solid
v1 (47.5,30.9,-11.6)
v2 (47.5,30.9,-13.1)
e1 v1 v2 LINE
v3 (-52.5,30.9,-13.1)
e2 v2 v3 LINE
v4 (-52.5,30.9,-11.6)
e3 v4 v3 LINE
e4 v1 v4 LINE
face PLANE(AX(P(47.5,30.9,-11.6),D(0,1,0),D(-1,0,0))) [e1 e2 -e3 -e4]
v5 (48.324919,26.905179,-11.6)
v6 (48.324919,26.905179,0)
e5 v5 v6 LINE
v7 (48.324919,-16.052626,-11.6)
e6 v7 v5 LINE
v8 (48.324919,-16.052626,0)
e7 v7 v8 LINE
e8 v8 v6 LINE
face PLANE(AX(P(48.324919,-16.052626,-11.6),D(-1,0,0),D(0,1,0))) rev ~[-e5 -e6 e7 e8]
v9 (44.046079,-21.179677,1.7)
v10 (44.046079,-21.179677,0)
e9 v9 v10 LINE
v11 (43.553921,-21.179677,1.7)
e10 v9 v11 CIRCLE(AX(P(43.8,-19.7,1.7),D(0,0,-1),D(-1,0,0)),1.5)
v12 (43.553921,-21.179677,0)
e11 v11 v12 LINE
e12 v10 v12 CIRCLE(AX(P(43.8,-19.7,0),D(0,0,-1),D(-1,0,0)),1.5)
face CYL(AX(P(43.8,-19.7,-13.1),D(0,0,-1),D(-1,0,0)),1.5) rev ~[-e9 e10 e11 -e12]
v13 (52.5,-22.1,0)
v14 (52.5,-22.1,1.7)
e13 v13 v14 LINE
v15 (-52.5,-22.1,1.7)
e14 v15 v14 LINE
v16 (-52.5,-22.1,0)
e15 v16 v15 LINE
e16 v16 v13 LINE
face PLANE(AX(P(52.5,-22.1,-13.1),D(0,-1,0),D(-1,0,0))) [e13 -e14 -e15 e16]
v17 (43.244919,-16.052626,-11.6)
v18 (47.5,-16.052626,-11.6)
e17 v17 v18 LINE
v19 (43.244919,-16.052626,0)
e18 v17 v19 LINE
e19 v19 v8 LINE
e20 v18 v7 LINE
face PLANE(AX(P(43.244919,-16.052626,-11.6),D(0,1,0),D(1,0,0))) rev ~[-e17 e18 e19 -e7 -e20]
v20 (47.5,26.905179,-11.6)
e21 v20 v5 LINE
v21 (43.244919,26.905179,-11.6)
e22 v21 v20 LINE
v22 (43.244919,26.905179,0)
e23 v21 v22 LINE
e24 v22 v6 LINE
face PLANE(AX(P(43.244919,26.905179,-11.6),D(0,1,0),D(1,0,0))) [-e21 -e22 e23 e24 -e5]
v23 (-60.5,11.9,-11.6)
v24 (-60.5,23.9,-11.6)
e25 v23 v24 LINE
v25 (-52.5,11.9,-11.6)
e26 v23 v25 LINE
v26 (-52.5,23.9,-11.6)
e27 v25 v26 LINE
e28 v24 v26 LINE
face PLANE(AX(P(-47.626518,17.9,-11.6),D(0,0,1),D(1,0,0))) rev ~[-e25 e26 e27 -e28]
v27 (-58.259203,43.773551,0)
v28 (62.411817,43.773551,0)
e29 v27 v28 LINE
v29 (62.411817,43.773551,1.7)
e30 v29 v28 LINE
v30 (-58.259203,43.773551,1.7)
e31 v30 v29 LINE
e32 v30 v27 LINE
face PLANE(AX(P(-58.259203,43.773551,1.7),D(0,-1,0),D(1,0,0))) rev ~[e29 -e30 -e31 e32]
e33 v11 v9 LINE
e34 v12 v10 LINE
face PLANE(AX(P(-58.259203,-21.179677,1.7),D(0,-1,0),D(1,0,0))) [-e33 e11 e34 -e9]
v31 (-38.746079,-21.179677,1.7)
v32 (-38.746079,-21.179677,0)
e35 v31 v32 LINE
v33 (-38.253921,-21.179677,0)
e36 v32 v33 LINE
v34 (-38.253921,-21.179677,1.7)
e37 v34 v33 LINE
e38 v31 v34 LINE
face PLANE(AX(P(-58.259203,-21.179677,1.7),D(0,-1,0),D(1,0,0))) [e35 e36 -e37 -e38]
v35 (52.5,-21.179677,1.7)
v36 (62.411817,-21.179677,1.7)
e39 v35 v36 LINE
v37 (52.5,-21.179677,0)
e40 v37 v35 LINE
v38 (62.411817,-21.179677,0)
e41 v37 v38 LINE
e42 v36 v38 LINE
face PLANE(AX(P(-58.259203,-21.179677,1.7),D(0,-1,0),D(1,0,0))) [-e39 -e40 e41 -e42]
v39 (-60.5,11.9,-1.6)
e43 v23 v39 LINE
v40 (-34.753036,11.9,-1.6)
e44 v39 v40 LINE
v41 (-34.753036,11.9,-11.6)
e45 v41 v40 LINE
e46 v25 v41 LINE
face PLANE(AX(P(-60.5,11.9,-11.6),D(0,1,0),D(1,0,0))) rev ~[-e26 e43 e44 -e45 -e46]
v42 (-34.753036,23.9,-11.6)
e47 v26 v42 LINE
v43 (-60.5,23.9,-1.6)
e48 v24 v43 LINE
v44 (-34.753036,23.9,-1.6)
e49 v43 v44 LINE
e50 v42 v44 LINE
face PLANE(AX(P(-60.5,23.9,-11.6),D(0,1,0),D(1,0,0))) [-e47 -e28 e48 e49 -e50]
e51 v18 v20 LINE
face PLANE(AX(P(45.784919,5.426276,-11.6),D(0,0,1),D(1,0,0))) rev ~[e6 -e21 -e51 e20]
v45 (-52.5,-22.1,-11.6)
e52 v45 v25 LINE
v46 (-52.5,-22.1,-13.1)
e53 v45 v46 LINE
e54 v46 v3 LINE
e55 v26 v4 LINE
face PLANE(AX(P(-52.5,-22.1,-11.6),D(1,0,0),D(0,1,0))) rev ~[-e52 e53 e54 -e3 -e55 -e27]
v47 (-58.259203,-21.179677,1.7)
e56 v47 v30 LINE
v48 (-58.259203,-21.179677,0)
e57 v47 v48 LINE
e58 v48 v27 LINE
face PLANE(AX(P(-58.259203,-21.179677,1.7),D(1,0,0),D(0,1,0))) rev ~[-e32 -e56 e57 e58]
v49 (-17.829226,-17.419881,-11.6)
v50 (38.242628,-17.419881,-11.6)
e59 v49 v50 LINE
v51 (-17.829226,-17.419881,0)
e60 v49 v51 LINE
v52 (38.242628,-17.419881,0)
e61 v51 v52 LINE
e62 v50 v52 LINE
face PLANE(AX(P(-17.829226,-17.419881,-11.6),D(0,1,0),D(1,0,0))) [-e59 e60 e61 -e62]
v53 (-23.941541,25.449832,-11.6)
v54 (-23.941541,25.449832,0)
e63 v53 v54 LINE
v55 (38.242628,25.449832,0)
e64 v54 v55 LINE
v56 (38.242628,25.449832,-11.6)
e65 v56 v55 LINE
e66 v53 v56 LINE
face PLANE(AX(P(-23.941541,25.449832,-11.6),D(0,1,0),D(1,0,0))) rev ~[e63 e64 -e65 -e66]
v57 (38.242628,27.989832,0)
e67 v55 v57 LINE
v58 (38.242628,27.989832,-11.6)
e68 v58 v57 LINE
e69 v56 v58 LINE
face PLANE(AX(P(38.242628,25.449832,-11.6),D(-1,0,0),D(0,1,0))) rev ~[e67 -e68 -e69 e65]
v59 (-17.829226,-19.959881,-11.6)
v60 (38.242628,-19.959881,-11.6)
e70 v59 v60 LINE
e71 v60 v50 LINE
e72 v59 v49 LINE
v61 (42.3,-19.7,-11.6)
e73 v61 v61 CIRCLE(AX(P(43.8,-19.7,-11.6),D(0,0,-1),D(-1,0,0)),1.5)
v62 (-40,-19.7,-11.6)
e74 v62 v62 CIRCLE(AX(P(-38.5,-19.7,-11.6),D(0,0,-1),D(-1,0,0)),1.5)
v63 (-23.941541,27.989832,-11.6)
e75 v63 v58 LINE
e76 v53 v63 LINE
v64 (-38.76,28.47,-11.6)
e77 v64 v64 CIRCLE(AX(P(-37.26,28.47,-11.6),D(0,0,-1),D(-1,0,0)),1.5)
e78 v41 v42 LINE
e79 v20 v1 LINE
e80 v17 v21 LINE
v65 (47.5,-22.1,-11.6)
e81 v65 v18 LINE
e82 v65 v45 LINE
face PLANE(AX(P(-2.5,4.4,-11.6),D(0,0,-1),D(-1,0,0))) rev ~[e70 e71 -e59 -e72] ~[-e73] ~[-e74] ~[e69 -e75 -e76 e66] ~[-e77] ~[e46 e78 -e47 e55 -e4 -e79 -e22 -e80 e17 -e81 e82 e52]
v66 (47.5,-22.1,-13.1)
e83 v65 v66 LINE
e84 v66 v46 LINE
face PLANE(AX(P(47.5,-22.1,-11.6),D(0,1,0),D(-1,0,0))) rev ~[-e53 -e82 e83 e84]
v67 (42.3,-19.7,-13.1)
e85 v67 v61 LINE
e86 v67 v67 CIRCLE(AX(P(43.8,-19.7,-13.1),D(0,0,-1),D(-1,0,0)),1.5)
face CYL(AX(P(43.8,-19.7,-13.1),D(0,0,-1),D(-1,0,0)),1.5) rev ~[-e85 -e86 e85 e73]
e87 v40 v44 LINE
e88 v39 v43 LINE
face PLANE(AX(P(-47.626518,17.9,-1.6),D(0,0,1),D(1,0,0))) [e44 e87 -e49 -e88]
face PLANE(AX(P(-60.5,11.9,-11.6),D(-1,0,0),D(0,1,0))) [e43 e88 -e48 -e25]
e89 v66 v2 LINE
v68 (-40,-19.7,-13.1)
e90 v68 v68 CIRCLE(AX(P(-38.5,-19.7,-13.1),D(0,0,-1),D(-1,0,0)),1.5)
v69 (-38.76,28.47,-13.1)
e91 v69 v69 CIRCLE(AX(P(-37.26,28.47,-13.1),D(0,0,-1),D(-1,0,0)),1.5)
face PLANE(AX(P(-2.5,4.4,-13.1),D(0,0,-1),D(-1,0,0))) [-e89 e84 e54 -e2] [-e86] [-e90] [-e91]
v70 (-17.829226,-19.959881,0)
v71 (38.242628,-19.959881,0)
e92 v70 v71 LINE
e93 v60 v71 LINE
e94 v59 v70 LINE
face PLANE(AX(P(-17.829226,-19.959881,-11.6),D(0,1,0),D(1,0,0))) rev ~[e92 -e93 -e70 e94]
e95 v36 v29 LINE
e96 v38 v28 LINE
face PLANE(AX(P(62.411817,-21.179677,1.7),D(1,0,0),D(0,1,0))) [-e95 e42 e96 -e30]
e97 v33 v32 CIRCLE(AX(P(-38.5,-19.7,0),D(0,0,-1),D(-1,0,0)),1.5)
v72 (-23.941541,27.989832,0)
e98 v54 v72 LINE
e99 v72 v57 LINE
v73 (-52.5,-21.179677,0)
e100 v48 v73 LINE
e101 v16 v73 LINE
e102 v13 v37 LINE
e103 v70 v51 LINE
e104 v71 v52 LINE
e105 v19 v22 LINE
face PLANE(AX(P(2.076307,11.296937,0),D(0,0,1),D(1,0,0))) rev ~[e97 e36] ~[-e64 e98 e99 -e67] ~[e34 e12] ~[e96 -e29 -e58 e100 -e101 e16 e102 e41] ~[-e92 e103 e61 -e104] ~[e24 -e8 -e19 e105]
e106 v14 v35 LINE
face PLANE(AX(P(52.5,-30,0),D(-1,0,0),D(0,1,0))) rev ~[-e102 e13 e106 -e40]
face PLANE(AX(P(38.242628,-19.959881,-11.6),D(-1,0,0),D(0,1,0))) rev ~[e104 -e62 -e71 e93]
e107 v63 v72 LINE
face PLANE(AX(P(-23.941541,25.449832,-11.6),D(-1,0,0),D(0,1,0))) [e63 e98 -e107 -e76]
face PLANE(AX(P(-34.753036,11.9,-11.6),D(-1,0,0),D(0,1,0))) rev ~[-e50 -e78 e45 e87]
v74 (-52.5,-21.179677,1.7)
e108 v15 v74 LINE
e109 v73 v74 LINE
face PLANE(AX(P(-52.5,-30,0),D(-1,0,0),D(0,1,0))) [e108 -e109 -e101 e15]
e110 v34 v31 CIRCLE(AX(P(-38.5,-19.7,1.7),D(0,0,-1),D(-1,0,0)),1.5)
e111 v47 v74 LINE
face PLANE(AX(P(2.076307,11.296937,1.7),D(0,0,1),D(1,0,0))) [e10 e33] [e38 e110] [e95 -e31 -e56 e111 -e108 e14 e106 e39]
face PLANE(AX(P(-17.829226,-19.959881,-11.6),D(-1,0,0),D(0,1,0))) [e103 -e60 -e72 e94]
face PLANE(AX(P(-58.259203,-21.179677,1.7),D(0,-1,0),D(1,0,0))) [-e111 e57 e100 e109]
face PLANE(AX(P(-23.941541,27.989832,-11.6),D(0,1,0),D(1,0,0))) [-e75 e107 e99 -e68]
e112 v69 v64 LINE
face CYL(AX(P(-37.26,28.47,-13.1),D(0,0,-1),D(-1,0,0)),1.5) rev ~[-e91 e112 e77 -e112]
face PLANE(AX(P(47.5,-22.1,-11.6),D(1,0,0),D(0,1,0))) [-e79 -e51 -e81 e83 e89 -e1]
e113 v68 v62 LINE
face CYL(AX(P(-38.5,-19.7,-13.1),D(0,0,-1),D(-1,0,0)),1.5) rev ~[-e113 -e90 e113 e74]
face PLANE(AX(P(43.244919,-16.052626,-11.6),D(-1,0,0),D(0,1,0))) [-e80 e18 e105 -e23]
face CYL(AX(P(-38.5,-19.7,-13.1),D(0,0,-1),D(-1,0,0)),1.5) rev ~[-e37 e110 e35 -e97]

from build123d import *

# Parameters (mm, degrees)
ESBO_O1_W                 = 105
ESBO_O1_H                 = 60
RESSALTO_EXTRUS_O1_DEPTH  = 1.7
RESSALTO_EXTRUS_O6_START  = 11.6
ESBO_O3_W                 = 100
ESBO_O3_H                 = 53
RESSALTO_EXTRUS_O6_DEPTH  = 1.5
ESBO_O4_W                 = 62.184169383
ESBO_O4_H                 = 2.54
ESBO_O4_W_2               = 5.08
ESBO_O4_H_2               = 42.957805244
ESBO_O4_W_3               = 56.07185462
RESSALTO_EXTRUS_O8_DEPTH  = 11.6
ESBO_O7_W                 = 25.746964405
ESBO_O7_H                 = 12
RESSALTO_EXTRUS_O10_DEPTH = 10
ESBO_O8_R                 = 1.5
ESBO_O8_W                 = 105
ESBO_O8_H                 = 7.9
CORTE_EXTRUS_O1_DEPTH     = 15.8
ESBO_O9_W                 = 120.671020404
ESBO_O9_H                 = 64.953228707
RESSALTO_EXTRUS_O11_DEPTH = 1.7


with BuildPart() as part:
    # Esboço1 → Ressalto-extrusão1 (new body)
    with BuildSketch(Plane.XY):
        Rectangle(ESBO_O1_W, ESBO_O1_H)
    extrude(amount=RESSALTO_EXTRUS_O1_DEPTH)



with BuildPart() as body_2:
    # Esboço3 → Ressalto-extrusão6 (new body)
    with BuildSketch(Plane(origin=(0, 0, 0), x_dir=(-1, 0, 0), z_dir=(0, 0, -1)).offset(RESSALTO_EXTRUS_O6_START)):
        with Locations((2.5, 4.4)):
            Rectangle(ESBO_O3_W, ESBO_O3_H)
    extrude(amount=RESSALTO_EXTRUS_O6_DEPTH)


with BuildPart() as part_1:
    add(part.part)

    add(body_2.part)  # Ressalto-extrusão8 merges body 2
    # Esboço4 → Ressalto-extrusão8 (add)
    with BuildSketch(Plane.XY.offset(-11.6)):
        with Locations((7.150543675, 26.719832293)):
            Rectangle(ESBO_O4_W, ESBO_O4_H)
        with Locations((45.784919315, 5.42627648)):
            Rectangle(ESBO_O4_W_2, ESBO_O4_H_2)
        with Locations((10.206701056, -18.689881399)):
            Rectangle(ESBO_O4_W_3, ESBO_O4_H)
    extrude(amount=RESSALTO_EXTRUS_O8_DEPTH)

    # Esboço7 → Ressalto-extrusão10 (add)
    with BuildSketch(Plane.XY.offset(-11.6)):
        with Locations((-47.626517798, 17.9)):
            Rectangle(ESBO_O7_W, ESBO_O7_H)
    extrude(amount=RESSALTO_EXTRUS_O10_DEPTH)

    # Esboço8 → Corte-extrusão1 (cut, through all)
    with BuildSketch(Plane(origin=(0, 0, -13.1), x_dir=(-1, 0, 0), z_dir=(0, 0, -1))):
        with Locations((37.26, 28.47)):
            Circle(ESBO_O8_R)
        with Locations((38.5, -19.7)):
            Circle(ESBO_O8_R)
        with Locations((-43.8, -19.7)):
            Circle(ESBO_O8_R)
        with Locations((0, -26.05)):
            Rectangle(ESBO_O8_W, ESBO_O8_H)
    extrude(amount=-CORTE_EXTRUS_O1_DEPTH, mode=Mode.SUBTRACT)

    # Esboço9 → Ressalto-extrusão11 (add)
    with BuildSketch(Plane.XY.offset(1.7)):
        with Locations((2.076306878, 11.29693703)):
            Rectangle(ESBO_O9_W, ESBO_O9_H)
    extrude(amount=-RESSALTO_EXTRUS_O11_DEPTH)


solid = part_1.part
